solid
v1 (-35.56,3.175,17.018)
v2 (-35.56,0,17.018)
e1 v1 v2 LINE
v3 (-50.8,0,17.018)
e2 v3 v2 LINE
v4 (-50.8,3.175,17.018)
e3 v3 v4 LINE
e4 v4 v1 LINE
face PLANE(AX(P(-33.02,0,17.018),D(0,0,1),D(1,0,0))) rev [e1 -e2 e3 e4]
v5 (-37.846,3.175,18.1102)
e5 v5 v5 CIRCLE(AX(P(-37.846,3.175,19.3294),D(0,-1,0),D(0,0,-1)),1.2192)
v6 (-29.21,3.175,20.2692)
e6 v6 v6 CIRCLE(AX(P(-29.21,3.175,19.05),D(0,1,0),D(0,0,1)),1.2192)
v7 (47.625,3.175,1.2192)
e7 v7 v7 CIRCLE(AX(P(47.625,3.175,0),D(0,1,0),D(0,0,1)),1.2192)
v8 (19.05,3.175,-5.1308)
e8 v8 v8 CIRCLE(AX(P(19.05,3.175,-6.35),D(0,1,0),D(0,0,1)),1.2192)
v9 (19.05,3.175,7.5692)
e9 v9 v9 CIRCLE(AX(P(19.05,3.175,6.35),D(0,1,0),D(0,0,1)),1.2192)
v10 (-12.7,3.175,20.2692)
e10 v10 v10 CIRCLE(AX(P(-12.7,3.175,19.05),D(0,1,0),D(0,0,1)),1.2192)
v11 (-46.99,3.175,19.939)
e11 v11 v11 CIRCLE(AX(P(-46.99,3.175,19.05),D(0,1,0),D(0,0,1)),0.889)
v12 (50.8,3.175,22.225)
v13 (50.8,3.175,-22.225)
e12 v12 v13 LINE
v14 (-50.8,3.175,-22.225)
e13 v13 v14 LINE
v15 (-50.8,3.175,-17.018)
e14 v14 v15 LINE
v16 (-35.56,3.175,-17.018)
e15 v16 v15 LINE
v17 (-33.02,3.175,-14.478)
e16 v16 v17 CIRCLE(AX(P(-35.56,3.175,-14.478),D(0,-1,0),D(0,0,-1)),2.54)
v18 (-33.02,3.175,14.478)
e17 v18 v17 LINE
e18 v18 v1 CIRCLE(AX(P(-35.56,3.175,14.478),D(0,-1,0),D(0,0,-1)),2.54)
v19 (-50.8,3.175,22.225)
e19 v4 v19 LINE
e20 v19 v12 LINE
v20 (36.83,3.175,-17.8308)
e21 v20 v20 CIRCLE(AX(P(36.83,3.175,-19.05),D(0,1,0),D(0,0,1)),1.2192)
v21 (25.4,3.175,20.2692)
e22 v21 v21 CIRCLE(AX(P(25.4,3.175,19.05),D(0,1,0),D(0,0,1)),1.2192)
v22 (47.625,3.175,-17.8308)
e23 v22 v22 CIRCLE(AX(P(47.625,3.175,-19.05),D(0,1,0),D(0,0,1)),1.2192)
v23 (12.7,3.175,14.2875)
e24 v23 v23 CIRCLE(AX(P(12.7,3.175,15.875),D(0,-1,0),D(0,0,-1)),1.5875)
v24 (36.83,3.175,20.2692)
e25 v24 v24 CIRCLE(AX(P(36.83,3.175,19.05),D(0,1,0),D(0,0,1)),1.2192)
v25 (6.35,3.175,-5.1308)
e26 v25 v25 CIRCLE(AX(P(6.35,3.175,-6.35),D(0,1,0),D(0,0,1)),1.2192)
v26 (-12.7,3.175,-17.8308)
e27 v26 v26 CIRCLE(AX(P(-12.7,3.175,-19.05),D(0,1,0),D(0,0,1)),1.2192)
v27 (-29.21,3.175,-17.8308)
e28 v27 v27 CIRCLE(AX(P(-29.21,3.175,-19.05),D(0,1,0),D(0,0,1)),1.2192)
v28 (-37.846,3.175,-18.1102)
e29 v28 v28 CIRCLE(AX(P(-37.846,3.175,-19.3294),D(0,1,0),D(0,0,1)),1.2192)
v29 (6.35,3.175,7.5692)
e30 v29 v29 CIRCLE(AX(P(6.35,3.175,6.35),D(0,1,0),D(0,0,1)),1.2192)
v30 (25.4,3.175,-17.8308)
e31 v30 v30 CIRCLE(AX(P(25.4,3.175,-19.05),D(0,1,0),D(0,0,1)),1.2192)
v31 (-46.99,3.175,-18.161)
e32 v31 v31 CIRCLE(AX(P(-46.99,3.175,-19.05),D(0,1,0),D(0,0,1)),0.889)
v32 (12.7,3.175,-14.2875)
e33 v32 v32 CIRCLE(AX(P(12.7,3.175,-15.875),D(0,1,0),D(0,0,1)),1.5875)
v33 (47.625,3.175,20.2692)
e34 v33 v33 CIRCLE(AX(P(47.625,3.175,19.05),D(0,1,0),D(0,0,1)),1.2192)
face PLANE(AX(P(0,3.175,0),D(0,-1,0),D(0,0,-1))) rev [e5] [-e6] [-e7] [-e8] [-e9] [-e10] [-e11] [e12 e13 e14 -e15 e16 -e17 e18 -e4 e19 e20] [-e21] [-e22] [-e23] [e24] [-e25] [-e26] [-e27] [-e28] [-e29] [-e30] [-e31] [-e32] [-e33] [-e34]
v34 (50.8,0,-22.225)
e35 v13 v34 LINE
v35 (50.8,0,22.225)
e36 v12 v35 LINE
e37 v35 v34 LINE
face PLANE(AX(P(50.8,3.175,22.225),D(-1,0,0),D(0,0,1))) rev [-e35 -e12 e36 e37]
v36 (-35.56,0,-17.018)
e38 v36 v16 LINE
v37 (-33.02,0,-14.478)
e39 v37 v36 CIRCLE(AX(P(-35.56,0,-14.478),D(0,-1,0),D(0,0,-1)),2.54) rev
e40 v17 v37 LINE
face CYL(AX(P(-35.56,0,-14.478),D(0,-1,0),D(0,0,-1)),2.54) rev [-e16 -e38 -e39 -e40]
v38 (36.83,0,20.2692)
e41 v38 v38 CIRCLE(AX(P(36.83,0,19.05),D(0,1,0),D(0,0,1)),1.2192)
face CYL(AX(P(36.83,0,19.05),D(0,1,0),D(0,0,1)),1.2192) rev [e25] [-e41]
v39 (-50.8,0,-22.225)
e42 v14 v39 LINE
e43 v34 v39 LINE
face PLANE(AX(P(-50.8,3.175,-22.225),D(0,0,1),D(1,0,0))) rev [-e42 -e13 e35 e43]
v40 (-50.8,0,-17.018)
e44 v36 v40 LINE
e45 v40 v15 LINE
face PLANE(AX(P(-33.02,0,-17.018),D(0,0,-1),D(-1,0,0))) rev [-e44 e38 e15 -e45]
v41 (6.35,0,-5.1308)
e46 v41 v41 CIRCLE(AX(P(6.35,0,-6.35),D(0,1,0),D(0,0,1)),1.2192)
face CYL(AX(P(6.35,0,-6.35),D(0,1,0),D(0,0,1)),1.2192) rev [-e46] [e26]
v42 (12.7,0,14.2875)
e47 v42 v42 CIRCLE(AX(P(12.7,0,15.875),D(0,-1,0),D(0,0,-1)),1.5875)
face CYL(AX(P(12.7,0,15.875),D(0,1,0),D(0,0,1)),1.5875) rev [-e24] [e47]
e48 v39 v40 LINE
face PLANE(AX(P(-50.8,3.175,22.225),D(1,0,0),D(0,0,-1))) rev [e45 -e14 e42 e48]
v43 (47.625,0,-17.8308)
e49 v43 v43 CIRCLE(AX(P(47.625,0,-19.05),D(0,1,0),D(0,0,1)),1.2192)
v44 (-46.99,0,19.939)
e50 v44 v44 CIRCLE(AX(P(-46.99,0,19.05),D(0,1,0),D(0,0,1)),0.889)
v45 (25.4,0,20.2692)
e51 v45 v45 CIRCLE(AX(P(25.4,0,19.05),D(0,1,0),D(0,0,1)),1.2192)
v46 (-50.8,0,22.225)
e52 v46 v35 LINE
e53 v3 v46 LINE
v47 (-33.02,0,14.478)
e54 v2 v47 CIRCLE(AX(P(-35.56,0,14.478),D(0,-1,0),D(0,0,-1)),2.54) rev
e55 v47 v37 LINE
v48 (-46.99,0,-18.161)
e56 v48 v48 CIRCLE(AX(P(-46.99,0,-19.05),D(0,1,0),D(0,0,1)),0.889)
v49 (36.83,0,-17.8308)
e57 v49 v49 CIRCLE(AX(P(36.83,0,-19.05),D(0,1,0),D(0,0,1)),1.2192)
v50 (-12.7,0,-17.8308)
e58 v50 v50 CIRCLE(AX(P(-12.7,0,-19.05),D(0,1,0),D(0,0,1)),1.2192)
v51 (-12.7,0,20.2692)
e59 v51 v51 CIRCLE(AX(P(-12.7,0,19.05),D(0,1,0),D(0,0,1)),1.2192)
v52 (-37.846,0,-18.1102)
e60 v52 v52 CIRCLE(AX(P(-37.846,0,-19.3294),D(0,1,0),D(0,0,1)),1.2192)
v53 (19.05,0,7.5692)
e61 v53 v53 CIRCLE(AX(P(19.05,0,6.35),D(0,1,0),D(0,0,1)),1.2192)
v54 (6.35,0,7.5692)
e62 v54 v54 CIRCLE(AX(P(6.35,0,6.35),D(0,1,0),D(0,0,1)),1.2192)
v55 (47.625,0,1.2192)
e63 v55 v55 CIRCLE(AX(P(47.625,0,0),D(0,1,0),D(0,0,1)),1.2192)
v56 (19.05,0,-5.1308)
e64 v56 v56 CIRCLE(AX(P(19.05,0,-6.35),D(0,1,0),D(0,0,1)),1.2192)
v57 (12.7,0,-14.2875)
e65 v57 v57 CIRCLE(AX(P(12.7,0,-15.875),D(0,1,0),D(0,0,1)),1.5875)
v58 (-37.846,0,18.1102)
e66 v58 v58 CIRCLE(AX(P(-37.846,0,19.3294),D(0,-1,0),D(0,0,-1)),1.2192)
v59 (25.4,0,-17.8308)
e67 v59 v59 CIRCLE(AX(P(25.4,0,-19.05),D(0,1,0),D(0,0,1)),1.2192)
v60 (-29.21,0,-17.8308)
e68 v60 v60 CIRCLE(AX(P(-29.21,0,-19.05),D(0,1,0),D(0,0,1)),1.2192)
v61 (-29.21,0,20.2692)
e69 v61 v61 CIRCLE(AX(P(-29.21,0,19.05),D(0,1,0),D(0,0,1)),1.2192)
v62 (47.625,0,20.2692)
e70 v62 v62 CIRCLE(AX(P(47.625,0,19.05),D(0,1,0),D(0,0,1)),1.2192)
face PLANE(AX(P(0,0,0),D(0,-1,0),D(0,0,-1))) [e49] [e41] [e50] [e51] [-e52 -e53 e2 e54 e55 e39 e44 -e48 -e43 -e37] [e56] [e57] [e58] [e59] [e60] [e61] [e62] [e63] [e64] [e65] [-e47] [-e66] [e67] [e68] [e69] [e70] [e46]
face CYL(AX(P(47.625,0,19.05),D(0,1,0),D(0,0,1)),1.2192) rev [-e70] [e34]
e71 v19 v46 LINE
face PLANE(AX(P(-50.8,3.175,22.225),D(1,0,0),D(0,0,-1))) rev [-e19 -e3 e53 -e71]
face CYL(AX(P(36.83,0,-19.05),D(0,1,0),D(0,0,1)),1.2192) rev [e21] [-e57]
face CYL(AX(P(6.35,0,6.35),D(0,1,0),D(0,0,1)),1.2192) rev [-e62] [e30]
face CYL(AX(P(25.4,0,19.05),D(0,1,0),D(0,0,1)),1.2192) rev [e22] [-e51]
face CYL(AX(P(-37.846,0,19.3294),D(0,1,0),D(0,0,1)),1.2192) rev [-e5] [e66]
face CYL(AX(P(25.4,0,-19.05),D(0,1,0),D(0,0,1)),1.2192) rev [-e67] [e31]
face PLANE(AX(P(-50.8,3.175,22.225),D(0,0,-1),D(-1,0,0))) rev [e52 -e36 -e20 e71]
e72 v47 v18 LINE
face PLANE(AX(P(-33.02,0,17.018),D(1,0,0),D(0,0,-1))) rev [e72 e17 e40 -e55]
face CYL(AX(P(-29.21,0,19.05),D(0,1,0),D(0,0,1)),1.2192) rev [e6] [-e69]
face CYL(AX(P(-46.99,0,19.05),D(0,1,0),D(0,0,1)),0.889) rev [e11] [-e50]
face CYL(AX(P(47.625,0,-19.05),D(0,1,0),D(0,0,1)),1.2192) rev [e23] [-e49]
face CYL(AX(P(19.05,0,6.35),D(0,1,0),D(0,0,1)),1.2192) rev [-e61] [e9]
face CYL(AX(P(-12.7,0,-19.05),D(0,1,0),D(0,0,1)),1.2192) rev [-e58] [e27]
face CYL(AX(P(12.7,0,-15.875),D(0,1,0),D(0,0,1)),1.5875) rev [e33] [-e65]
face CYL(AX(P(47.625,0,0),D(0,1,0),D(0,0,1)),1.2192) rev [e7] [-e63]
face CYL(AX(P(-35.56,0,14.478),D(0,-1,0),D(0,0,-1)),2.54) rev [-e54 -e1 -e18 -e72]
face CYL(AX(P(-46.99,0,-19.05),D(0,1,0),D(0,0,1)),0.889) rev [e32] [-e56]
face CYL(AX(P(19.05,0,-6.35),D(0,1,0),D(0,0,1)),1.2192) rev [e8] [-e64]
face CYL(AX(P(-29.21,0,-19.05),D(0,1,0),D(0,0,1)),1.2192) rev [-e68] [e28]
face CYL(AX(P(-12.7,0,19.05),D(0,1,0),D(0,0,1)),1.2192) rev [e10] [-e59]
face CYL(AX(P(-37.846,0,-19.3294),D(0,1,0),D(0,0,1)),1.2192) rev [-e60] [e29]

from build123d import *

# Parameters (mm, degrees)
SKETCH1_W           = 101.6
SKETCH1_H           = 44.45
BOSS_EXTRUDE1_DEPTH = 3.175
SKETCH2_R           = 0.889
SKETCH2_R_2         = 1.2192
CUT_EXTRUDE1_DEPTH  = 56.539816798
SKETCH3_R           = 1.2192
SKETCH3_R_2         = 1.5875
CUT_EXTRUDE2_DEPTH  = 56.539816798
SKETCH4_W           = 17.78
SKETCH4_H           = 34.036
CUT_EXTRUDE3_DEPTH  = 56.539816798
FILLET2_R           = 2.54


with BuildPart() as part:
    # Sketch1 → Boss-Extrude1 (new body)
    with BuildSketch(Plane(origin=(0, 0, 0), x_dir=(1, 0, 0), z_dir=(0, 1, 0))):
        Rectangle(SKETCH1_W, SKETCH1_H)
    extrude(amount=BOSS_EXTRUDE1_DEPTH)

    # Sketch2 → Cut-Extrude1 (cut, through all)
    with BuildSketch(Plane(origin=(0, 3.175, 0), x_dir=(1, 0, 0), z_dir=(0, 1, 0))):
        with Locations(Location((-46.99, 19.05, 0), (0, 0, 270))):
            Circle(SKETCH2_R)
        with Locations(Location((-29.21, 19.05, 0), (0, 0, 270))):
            Circle(SKETCH2_R_2)
        with Locations(Location((-12.7, 19.05, 0), (0, 0, 270))):
            Circle(SKETCH2_R_2)
        with Locations(Location((25.4, 19.05, 0), (0, 0, 270))):
            Circle(SKETCH2_R_2)
        with Locations(Location((36.83, 19.05, 0), (0, 0, 270))):
            Circle(SKETCH2_R_2)
        with Locations(Location((47.625, 19.05, 0), (0, 0, 270))):
            Circle(SKETCH2_R_2)
        with Locations(Location((47.625, 0, 0), (0, 0, 270))):
            Circle(SKETCH2_R_2)
        with Locations(Location((47.625, -19.05, 0), (0, 0, 270))):
            Circle(SKETCH2_R_2)
        with Locations(Location((36.83, -19.05, 0), (0, 0, 270))):
            Circle(SKETCH2_R_2)
        with Locations(Location((25.4, -19.05, 0), (0, 0, 270))):
            Circle(SKETCH2_R_2)
        with Locations(Location((-12.7, -19.05, 0), (0, 0, 270))):
            Circle(SKETCH2_R_2)
        with Locations(Location((-29.21, -19.05, 0), (0, 0, 270))):
            Circle(SKETCH2_R_2)
        with Locations(Location((-46.99, -19.05, 0), (0, 0, 270))):
            Circle(SKETCH2_R)
        with Locations(Location((19.05, -6.35, 0), (0, 0, 270))):
            Circle(SKETCH2_R_2)
        with Locations(Location((19.05, 6.35, 0), (0, 0, 270))):
            Circle(SKETCH2_R_2)
        with Locations(Location((6.35, 6.35, 0), (0, 0, 270))):
            Circle(SKETCH2_R_2)
        with Locations(Location((6.35, -6.35, 0), (0, 0, 270))):
            Circle(SKETCH2_R_2)
    extrude(amount=-CUT_EXTRUDE1_DEPTH, mode=Mode.SUBTRACT)

    # Sketch3 → Cut-Extrude2 (cut, through all)
    with BuildSketch(Plane(origin=(0, 3.175, 0), x_dir=(1, 0, 0), z_dir=(0, 1, 0))):
        with Locations(Location((-37.846, 19.3294, 0), (0, 0, 270))):
            Circle(SKETCH3_R)
        with Locations(Location((12.7, 15.875, 0), (0, 0, 270))):
            Circle(SKETCH3_R_2)
    cut_extrude2 = extrude(amount=-CUT_EXTRUDE2_DEPTH, mode=Mode.SUBTRACT)

    # Mirror1: Cut-Extrude2 across plane
    add(cut_extrude2.mirror(Plane.XY), mode=Mode.SUBTRACT)

    # Sketch4 → Cut-Extrude3 (cut, through all)
    with BuildSketch(Plane(origin=(0, 3.175, 0), x_dir=(1, 0, 0), z_dir=(0, 1, 0))):
        with Locations((-41.91, 0)):
            Rectangle(SKETCH4_W, SKETCH4_H)
    extrude(amount=-CUT_EXTRUDE3_DEPTH, mode=Mode.SUBTRACT)

    # Fillet2
    fillet2_edges = [part.edges().sort_by_distance(p)[0] for p in [
        (-33.02, 1.5875, -17.018),
        (-33.02, 1.5875, 17.018),
    ]]
    fillet(fillet2_edges, radius=FILLET2_R)


solid = part.part
